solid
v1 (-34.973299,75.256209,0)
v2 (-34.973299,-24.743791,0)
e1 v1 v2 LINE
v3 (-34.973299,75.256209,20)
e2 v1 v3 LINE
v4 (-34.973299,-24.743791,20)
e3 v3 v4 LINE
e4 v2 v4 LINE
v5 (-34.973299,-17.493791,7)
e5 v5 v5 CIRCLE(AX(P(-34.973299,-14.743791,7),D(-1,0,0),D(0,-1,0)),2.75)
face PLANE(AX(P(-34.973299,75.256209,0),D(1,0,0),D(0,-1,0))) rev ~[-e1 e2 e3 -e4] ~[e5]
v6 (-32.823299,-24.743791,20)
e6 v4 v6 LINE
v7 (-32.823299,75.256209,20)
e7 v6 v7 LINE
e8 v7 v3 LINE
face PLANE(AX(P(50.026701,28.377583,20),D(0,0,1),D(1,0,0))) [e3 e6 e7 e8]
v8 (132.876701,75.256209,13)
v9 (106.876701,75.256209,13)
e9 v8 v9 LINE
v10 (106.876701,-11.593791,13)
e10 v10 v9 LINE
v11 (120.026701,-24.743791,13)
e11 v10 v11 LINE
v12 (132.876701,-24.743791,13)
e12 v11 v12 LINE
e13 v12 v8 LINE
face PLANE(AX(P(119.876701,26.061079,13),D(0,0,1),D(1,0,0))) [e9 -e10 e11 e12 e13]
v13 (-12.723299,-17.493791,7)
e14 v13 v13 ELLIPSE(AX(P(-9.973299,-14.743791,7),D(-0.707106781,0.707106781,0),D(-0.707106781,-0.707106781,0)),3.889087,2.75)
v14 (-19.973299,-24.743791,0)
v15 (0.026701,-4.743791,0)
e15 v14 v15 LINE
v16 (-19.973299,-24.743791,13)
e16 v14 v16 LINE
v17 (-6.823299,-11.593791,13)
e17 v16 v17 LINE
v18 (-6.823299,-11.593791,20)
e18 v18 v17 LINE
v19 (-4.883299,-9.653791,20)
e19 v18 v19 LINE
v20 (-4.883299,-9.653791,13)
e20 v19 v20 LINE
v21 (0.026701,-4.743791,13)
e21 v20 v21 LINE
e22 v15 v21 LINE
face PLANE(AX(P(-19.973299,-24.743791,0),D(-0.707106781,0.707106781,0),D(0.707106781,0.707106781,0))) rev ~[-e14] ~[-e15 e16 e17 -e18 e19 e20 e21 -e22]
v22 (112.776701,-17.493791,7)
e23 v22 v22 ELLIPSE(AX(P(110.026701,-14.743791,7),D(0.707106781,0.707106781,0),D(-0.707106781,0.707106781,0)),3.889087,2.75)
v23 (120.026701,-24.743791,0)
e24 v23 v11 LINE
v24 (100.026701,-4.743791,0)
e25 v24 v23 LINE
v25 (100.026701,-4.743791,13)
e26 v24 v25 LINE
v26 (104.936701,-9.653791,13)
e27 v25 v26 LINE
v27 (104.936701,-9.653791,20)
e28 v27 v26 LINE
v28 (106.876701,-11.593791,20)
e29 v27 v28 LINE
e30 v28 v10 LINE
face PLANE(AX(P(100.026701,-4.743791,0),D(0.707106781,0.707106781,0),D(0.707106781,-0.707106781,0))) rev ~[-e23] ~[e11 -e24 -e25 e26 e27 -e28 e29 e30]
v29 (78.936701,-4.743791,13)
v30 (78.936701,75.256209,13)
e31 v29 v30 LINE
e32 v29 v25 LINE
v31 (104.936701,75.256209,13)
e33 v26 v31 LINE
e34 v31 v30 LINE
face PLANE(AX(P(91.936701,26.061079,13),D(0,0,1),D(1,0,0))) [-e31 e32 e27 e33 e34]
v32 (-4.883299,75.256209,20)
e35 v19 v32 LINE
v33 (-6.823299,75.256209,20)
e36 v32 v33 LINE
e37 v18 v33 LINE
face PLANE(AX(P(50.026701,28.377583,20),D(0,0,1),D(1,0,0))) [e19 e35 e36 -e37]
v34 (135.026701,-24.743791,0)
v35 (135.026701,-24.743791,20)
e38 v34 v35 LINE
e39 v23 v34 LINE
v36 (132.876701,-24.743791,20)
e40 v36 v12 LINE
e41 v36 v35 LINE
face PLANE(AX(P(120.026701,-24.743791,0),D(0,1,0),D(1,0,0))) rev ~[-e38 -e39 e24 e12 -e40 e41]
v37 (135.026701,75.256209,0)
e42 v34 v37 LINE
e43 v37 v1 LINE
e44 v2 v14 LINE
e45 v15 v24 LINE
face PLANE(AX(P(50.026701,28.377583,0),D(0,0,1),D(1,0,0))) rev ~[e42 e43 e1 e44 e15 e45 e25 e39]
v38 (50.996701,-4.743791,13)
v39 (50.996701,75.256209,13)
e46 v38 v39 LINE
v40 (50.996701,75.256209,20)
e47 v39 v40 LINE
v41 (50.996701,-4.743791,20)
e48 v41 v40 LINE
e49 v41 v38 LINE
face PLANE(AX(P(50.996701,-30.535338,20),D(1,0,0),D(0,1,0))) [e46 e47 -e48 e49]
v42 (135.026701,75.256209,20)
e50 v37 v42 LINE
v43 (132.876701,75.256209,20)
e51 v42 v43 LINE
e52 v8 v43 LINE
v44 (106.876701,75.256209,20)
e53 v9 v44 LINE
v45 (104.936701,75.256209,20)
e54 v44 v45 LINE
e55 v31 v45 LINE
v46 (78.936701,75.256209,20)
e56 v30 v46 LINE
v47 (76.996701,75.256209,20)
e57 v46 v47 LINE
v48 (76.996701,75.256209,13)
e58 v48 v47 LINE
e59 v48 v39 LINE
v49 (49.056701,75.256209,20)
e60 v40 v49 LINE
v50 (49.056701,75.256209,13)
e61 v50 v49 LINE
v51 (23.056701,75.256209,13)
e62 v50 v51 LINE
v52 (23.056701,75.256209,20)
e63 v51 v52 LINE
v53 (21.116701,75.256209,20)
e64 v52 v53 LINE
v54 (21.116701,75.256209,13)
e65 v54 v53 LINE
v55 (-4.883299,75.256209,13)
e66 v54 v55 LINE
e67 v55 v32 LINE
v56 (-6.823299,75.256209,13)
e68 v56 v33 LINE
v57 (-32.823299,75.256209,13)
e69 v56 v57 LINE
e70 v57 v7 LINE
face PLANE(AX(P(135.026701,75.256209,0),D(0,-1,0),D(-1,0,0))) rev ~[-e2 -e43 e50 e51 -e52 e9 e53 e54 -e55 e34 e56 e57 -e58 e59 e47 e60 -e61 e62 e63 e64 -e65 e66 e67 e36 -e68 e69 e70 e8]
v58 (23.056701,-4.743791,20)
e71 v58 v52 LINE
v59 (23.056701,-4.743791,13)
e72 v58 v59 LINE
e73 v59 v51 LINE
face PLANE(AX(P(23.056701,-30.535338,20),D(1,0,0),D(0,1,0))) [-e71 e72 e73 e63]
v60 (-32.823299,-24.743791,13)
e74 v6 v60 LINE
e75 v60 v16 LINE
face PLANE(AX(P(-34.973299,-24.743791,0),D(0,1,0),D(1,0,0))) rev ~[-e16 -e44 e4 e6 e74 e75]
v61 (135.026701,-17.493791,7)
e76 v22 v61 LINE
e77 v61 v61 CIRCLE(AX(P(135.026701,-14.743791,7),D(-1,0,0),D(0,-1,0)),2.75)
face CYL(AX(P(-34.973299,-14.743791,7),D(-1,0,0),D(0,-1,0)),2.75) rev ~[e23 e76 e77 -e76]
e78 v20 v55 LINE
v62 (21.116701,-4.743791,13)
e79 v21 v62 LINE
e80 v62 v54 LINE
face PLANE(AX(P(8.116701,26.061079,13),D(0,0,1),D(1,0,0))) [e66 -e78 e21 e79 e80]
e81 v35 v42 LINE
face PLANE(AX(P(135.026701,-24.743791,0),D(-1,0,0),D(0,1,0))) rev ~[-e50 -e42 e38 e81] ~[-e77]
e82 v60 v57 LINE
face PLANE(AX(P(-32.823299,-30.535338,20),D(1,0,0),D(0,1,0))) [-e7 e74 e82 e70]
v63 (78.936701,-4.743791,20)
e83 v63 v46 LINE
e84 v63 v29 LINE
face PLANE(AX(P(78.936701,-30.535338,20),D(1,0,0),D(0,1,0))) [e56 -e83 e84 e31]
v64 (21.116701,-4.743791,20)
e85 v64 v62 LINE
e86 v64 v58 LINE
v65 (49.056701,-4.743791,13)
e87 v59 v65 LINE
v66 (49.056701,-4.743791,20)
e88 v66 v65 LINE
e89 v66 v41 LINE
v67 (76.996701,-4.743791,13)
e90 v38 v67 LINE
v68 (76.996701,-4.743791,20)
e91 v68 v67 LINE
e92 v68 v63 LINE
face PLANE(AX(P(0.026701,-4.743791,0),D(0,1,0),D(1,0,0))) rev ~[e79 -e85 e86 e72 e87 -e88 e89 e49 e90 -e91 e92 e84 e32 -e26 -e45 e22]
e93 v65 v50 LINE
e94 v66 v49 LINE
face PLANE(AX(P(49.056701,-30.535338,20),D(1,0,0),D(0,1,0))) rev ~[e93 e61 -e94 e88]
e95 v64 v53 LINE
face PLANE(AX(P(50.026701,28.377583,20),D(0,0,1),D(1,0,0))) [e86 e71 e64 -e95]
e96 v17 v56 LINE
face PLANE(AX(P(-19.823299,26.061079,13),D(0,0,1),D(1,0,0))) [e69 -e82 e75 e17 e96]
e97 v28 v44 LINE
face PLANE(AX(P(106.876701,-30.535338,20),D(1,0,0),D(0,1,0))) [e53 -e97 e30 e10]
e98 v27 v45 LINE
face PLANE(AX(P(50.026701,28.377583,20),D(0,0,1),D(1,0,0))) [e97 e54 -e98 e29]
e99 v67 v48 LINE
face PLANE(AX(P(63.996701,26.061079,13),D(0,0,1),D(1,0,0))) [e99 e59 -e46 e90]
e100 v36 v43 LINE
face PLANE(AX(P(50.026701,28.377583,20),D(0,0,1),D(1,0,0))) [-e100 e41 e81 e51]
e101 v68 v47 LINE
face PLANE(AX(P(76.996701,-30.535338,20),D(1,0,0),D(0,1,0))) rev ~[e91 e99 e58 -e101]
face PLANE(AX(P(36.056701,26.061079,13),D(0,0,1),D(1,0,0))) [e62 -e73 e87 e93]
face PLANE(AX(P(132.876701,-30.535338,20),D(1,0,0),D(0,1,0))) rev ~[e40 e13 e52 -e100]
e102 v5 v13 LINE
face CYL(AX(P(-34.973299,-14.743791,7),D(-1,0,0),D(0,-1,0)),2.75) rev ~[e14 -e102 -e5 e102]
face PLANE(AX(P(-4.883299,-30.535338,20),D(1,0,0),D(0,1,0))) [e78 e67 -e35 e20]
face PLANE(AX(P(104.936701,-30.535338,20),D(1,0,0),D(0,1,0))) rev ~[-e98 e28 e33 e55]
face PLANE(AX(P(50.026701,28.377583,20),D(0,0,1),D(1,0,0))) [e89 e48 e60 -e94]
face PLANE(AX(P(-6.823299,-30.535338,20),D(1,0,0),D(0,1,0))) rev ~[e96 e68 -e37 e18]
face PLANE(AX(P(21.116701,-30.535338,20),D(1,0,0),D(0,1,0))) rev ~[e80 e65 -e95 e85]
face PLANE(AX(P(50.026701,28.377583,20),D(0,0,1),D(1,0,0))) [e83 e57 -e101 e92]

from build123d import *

# Parameters (mm, degrees)
F1_DEPTH = 20
F2_W     = 26
F2_H     = 113.192833
F3_DEPTH = 7
F4_R     = 2.75
F5_DEPTH = 170


with BuildPart() as f1:
    # F0 (on Top) → F1 (new body)
    with BuildSketch(Plane.XY):
        Polygon((-34.973299, 75.256209), (-34.973299, -24.743791), (-19.973299, -24.743791), (0.026701, -4.743791), (100.026701, -4.743791), (120.026701, -24.743791), (135.026701, -24.743791), (135.026701, 75.256209), align=None)
    extrude(amount=F1_DEPTH)

    # F2 (on face) → F3 (cut)
    with BuildSketch(Plane.XY.offset(20)):
        with Locations((-19.823299, 26.061079)):
            Rectangle(F2_W, F2_H)
        with Locations((8.116701, 26.061079)):
            Rectangle(F2_W, F2_H)
        with Locations((36.056701, 26.061079)):
            Rectangle(F2_W, F2_H)
        with Locations((63.996701, 26.061079)):
            Rectangle(F2_W, F2_H)
        with Locations((91.936701, 26.061079)):
            Rectangle(F2_W, F2_H)
        with Locations((119.876701, 26.061079)):
            Rectangle(F2_W, F2_H)
    extrude(amount=-F3_DEPTH, mode=Mode.SUBTRACT)

    # F4 (on face) → F5 (cut, through all)
    with BuildSketch(Plane(origin=(-34.973299, 0, 0), x_dir=(0, -1, 0), z_dir=(-1, 0, 0))):
        with Locations((14.743791, 7)):
            Circle(F4_R)
    extrude(amount=-F5_DEPTH, mode=Mode.SUBTRACT)


solid = f1.part
